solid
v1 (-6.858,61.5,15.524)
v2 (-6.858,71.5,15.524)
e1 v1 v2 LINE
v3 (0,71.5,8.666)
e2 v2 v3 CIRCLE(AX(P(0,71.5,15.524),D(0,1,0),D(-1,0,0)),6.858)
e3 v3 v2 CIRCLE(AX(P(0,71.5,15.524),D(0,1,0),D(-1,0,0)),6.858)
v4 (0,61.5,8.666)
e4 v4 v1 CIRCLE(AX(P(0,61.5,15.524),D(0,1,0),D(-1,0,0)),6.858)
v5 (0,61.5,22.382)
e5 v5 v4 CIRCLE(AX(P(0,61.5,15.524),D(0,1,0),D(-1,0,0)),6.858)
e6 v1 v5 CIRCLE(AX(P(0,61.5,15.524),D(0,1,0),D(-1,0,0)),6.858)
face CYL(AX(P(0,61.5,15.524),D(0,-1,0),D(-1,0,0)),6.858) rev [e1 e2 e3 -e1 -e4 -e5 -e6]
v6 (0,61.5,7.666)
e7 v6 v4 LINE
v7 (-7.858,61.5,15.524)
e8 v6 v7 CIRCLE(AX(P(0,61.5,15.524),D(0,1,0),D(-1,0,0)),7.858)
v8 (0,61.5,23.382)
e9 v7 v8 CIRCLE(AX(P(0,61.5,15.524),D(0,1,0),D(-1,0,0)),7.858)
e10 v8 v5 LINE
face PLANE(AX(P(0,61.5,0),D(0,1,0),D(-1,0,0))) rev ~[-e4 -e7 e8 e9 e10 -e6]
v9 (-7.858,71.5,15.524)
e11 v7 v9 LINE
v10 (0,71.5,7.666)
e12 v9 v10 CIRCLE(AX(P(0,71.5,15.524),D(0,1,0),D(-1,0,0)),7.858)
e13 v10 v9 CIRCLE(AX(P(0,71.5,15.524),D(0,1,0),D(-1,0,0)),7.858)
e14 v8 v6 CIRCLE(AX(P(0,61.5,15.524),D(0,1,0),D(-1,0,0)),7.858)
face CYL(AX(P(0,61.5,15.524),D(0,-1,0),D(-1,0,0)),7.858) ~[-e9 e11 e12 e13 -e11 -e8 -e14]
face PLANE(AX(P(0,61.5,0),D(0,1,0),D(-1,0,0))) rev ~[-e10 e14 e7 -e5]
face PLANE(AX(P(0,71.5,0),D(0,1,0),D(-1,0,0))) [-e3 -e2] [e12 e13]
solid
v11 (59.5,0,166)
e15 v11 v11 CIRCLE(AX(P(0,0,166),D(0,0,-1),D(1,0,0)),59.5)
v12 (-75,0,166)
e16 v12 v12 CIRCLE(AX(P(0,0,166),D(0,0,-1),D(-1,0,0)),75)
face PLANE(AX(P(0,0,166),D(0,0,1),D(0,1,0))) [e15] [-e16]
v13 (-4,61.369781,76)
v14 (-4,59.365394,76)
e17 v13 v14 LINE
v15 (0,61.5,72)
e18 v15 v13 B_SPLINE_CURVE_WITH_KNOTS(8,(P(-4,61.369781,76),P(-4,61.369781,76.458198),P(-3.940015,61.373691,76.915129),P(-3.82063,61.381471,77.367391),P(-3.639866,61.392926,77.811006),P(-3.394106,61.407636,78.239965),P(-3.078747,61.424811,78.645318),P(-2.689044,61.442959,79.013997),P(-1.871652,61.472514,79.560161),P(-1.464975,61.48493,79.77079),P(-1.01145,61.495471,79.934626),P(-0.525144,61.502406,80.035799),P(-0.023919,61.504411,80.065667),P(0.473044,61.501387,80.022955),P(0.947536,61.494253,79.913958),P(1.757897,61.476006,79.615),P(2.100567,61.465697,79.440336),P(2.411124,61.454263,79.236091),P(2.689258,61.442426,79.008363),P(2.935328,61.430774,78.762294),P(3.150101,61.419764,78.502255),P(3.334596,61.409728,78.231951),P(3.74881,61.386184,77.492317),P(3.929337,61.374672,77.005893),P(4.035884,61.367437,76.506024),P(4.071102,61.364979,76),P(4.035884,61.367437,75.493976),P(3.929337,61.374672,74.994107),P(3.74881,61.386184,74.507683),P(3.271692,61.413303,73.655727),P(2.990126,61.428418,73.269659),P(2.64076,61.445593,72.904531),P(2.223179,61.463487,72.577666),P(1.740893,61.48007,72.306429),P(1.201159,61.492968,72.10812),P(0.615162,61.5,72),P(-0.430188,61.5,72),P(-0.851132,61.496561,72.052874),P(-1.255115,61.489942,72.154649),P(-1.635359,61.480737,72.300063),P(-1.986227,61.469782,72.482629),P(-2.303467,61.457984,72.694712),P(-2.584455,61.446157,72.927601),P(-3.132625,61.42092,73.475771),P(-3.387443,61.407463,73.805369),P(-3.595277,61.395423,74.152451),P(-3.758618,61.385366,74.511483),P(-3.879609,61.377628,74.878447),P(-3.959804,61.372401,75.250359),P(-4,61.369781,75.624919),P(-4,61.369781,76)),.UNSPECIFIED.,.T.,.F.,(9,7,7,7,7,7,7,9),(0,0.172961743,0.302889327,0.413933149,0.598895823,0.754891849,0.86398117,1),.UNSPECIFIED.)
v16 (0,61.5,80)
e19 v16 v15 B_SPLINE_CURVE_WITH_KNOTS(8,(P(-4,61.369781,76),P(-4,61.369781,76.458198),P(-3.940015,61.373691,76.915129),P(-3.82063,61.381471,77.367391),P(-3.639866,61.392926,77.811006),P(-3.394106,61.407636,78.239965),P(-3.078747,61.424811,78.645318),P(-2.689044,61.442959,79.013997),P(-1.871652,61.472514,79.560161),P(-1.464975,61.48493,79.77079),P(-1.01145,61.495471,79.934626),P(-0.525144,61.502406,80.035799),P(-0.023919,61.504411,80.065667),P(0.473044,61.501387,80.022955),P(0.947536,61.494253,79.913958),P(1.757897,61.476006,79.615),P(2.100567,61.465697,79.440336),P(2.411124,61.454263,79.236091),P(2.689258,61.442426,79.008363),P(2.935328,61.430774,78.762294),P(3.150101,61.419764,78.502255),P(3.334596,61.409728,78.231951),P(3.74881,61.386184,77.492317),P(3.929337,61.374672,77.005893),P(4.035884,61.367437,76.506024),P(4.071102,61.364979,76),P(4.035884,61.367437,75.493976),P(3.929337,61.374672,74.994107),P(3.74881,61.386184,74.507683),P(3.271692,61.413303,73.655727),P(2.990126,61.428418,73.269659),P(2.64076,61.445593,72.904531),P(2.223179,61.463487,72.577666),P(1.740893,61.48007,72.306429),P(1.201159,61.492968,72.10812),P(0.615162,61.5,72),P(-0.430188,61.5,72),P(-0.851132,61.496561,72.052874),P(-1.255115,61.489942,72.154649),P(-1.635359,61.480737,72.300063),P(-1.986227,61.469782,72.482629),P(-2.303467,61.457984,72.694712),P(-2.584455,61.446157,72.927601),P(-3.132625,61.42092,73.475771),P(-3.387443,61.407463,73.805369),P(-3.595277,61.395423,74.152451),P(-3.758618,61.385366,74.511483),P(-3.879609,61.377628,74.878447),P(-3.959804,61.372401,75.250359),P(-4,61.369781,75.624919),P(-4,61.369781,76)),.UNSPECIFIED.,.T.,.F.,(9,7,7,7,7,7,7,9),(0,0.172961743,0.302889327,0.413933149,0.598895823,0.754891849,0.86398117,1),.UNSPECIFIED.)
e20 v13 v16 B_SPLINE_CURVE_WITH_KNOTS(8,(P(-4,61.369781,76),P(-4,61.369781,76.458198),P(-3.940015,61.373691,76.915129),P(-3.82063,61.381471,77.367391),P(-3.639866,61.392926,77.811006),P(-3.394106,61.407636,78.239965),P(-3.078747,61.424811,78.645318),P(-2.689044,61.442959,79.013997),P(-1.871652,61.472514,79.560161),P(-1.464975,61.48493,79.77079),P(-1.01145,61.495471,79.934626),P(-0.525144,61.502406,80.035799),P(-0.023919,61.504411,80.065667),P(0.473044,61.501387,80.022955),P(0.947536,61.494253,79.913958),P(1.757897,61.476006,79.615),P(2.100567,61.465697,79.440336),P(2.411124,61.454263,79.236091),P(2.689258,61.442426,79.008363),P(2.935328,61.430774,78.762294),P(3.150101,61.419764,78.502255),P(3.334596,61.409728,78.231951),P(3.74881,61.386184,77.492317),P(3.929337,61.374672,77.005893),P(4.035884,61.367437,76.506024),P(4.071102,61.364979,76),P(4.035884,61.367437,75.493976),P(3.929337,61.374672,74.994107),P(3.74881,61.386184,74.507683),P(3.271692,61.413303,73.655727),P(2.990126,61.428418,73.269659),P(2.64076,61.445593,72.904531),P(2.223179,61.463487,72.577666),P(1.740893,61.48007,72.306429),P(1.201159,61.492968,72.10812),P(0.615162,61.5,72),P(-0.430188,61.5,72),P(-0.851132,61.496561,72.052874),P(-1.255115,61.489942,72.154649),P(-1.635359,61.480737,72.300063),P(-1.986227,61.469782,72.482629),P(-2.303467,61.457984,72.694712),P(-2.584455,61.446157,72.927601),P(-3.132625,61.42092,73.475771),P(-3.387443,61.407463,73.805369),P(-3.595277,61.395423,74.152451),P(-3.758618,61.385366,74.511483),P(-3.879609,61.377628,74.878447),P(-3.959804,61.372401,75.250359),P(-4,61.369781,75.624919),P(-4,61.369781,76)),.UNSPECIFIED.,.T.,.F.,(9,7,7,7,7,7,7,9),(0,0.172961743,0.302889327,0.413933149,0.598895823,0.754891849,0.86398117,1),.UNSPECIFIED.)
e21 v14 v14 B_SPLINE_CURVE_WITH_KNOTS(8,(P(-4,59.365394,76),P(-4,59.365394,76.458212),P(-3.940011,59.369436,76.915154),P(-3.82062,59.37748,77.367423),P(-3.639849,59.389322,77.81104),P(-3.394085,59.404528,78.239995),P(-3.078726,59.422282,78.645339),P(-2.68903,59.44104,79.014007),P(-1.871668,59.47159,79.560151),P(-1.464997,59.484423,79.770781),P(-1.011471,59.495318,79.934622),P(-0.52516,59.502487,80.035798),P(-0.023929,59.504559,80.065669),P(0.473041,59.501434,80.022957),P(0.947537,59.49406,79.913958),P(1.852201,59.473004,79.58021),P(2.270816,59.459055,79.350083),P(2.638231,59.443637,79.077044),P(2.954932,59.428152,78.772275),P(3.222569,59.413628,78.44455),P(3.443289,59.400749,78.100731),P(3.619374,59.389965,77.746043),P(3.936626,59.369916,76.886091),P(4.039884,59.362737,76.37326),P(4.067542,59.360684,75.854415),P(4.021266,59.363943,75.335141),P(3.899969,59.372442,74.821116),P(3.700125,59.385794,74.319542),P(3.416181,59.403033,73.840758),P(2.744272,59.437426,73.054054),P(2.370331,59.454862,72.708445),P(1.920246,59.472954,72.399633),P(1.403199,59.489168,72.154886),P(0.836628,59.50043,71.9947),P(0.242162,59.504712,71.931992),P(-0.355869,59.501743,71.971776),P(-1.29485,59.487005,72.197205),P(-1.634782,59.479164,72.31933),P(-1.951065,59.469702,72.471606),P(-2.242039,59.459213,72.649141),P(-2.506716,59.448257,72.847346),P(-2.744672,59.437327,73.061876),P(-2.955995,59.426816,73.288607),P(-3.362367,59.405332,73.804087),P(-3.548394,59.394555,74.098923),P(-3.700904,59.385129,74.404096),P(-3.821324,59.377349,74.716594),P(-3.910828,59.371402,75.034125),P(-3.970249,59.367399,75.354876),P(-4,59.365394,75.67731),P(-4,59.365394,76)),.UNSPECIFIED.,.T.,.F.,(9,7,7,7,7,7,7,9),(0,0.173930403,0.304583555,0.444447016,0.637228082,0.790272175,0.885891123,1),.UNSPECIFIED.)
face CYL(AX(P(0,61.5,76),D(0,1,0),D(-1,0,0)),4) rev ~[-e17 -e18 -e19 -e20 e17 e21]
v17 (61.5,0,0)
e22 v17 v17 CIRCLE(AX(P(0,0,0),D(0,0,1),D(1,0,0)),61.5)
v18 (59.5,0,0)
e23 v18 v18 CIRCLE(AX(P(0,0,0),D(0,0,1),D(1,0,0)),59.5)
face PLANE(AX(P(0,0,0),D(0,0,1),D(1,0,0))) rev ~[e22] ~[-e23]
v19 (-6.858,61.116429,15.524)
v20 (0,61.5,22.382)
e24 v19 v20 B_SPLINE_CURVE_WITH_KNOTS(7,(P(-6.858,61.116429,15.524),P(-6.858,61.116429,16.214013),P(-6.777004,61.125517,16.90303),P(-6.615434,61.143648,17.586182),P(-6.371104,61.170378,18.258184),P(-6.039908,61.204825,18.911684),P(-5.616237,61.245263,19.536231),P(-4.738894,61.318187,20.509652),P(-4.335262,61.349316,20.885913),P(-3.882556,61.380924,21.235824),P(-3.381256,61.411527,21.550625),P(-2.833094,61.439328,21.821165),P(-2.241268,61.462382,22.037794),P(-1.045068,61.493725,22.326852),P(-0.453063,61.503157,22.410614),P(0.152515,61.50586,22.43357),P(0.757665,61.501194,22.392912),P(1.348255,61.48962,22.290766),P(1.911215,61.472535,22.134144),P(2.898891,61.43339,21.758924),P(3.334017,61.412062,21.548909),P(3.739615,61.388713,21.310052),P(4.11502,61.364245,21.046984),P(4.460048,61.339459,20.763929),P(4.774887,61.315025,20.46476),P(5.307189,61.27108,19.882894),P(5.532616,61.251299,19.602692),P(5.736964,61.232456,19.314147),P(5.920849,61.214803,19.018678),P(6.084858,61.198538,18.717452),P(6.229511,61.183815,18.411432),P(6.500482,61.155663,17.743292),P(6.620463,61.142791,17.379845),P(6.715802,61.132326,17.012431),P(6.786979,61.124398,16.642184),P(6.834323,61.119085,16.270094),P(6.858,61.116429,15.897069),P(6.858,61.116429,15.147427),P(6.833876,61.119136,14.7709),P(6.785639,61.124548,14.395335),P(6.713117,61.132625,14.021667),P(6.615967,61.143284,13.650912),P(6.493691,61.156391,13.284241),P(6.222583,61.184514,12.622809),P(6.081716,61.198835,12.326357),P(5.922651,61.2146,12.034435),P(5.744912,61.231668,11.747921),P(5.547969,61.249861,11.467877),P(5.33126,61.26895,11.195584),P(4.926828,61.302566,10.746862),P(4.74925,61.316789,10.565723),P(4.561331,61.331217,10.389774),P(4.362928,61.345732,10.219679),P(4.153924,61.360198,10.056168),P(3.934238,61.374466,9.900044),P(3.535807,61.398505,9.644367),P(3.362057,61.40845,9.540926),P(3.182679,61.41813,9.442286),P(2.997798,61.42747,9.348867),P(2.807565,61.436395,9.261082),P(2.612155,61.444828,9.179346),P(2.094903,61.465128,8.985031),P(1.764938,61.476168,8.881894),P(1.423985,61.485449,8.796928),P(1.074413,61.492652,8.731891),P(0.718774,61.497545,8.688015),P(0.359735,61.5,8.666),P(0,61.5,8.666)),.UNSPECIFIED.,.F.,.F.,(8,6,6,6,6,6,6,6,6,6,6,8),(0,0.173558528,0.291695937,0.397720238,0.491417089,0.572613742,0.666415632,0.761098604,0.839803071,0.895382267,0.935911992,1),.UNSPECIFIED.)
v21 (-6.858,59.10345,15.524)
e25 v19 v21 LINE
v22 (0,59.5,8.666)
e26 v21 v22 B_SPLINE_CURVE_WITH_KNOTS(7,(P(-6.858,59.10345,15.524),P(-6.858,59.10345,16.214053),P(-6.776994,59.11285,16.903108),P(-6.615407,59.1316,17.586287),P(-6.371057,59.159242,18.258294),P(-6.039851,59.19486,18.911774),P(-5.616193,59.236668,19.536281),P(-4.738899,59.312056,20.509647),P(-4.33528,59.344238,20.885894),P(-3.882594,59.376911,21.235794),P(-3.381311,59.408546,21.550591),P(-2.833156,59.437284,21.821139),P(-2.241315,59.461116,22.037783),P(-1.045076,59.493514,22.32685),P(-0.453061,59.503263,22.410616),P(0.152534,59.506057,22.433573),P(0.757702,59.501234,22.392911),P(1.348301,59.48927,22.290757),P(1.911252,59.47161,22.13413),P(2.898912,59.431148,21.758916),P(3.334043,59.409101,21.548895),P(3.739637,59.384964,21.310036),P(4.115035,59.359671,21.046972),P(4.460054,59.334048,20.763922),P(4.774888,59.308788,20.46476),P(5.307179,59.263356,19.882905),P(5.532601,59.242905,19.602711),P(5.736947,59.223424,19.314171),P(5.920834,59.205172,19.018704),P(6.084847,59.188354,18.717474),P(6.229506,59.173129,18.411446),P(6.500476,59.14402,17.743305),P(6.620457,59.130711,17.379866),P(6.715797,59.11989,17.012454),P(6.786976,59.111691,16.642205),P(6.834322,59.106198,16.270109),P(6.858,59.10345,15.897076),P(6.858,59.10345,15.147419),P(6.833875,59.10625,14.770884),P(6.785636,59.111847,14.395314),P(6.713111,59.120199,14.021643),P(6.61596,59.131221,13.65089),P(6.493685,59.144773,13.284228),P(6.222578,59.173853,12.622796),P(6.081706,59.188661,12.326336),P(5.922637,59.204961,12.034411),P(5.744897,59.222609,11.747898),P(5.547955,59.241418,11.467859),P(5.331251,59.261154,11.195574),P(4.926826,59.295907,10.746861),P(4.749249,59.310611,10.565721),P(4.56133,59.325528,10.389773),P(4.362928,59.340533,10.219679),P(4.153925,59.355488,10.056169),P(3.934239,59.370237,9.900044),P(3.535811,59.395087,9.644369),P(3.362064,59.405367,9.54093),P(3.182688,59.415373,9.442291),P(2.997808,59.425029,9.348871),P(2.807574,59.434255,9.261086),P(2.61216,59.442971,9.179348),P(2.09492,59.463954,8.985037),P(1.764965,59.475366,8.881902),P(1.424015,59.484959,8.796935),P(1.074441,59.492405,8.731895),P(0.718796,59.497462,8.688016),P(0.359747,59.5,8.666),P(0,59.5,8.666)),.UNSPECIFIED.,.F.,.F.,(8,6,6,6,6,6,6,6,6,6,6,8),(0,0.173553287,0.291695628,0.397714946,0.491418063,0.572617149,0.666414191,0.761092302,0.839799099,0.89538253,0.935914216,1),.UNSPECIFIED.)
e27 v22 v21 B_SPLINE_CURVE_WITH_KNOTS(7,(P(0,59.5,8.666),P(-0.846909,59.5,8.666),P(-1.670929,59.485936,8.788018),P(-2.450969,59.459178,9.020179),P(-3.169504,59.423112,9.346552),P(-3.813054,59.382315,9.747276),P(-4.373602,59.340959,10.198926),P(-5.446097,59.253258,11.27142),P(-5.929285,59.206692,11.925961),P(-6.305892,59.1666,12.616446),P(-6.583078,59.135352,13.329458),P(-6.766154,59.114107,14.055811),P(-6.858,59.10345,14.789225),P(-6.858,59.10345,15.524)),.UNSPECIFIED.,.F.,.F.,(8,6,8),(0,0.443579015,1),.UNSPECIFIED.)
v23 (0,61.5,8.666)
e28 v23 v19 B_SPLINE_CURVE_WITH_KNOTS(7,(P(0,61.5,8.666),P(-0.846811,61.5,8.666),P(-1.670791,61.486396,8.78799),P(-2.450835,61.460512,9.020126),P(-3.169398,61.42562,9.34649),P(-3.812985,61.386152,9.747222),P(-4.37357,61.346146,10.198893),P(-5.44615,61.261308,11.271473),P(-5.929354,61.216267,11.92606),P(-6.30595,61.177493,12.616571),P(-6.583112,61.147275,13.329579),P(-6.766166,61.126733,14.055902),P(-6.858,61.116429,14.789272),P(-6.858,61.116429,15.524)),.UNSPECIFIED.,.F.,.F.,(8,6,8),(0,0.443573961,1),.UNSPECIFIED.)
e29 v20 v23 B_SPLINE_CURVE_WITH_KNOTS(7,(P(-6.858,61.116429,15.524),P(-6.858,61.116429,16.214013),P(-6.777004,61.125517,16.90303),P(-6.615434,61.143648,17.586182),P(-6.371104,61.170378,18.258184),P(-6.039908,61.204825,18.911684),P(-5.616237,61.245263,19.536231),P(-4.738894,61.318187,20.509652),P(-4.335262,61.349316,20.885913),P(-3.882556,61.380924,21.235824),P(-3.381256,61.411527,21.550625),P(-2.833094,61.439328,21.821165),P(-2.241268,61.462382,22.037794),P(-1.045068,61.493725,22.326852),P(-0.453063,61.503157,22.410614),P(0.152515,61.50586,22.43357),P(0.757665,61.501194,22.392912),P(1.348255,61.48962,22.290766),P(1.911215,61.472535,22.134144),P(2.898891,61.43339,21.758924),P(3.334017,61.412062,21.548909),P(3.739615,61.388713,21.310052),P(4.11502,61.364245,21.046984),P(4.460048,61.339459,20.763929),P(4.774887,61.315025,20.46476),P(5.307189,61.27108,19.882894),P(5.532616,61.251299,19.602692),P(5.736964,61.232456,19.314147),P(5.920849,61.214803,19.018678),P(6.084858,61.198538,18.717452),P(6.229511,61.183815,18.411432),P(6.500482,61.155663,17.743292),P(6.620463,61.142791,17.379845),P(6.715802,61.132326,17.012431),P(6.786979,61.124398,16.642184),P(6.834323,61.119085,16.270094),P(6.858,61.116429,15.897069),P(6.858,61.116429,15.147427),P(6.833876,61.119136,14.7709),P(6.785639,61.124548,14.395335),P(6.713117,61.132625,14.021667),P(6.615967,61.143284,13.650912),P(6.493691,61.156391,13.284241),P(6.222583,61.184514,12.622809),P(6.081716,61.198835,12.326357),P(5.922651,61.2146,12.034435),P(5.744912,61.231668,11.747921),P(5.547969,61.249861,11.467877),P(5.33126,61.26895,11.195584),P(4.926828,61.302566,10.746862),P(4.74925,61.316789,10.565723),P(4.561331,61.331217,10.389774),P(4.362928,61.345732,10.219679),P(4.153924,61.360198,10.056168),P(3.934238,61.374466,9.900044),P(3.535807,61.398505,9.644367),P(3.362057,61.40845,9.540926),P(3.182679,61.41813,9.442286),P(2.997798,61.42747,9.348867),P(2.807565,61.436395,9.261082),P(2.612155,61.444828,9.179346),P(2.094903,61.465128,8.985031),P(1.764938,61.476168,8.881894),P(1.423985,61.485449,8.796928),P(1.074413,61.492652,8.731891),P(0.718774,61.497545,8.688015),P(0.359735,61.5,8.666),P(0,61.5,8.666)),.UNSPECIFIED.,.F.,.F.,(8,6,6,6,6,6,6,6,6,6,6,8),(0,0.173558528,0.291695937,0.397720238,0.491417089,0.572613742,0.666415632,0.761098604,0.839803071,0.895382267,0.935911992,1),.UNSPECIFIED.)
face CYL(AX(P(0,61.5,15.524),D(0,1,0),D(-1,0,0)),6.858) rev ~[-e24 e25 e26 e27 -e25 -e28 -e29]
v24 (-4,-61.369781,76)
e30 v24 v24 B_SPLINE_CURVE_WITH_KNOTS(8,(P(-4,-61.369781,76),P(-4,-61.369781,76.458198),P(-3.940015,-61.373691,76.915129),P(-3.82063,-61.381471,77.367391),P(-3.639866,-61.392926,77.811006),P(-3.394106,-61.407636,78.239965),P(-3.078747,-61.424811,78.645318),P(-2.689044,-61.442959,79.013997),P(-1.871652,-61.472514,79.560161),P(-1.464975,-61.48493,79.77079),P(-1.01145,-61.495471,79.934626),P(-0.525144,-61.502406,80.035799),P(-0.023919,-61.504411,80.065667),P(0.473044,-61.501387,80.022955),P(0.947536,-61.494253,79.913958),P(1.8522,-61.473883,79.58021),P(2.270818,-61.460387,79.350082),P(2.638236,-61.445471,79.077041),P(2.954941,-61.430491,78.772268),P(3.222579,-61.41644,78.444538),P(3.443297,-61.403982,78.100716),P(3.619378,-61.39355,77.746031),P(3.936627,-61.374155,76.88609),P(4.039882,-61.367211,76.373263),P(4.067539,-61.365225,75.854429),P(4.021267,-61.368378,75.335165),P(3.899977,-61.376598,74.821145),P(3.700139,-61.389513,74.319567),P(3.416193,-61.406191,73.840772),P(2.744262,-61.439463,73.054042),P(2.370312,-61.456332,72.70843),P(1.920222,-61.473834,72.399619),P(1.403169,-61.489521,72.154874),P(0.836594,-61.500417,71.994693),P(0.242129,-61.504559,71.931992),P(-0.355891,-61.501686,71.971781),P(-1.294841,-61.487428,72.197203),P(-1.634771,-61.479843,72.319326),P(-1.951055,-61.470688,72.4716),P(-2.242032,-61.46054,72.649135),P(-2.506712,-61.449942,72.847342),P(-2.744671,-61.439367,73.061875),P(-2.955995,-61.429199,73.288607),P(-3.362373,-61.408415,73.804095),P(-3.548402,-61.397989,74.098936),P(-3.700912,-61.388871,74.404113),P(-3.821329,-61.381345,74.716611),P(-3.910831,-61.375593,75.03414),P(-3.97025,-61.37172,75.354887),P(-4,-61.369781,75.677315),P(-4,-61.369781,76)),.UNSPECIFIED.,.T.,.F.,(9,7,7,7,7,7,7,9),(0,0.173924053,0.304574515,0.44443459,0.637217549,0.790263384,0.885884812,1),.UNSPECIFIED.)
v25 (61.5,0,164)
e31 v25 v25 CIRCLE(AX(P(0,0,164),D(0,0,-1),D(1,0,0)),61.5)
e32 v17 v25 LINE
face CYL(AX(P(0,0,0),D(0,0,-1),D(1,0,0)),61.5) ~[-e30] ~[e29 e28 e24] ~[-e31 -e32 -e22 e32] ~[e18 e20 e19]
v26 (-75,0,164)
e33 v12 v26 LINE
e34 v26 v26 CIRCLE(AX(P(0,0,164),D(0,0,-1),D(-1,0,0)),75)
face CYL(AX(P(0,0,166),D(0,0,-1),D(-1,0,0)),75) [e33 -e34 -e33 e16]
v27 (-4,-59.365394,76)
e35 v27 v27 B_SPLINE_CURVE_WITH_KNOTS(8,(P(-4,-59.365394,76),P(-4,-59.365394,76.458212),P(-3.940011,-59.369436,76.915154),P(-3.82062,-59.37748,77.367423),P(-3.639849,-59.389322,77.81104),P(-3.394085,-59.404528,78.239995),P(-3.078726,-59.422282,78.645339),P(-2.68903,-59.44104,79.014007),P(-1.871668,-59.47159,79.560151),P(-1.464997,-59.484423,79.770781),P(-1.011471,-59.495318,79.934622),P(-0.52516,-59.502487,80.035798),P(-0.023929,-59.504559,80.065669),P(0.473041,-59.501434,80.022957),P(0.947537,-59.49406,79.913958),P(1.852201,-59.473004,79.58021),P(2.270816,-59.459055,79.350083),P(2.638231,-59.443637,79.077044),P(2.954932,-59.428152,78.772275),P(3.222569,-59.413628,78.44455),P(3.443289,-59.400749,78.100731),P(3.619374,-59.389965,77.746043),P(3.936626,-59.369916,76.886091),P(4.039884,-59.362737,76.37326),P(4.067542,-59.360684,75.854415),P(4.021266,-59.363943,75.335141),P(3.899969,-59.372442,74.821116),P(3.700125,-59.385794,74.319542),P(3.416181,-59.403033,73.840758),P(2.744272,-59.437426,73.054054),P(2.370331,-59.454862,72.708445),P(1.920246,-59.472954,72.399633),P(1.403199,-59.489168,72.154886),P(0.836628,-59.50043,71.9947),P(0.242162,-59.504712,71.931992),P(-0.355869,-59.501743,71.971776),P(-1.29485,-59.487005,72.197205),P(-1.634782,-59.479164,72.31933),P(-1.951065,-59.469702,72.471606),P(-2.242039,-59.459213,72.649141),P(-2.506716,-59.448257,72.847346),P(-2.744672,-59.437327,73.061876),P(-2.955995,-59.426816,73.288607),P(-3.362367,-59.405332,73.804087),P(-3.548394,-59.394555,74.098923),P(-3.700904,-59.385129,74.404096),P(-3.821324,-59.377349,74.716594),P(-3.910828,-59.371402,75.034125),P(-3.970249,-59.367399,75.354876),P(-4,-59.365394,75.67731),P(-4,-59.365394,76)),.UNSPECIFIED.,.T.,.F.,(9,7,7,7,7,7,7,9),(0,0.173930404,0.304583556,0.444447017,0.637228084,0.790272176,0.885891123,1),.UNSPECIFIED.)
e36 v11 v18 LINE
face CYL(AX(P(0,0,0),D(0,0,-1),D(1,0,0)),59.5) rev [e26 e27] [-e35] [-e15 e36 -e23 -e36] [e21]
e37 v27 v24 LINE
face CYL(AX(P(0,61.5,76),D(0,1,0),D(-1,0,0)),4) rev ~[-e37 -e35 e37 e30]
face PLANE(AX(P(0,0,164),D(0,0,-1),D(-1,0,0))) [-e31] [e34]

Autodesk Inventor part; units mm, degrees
ref_plane "YZ Plane" through (0, 0, 0) normal (1, 0, 0) x (0, 1, 0)
ref_plane "XY Plane" through (0, 0, 0) normal (0, 0, 1) x (1, 0, 0)
sketch "Sketch1" plane through (0, 0, 0) normal (0, 0, 1) x (1, 0, 0)
  circle A0 centre (0, 0) radius 59.5
  circle A1 centre (0, 0) radius 61.5
  dimension "d0" = 119
  dimension "d1" = 123
extrude "Extrusion1" add sketch "Sketch1" along normal blind 331
ref_plane "Work Plane1" through (0, 61.5, 0) normal (0, 1, 0) x (-1, 0, 0)
sketch "Sketch2" plane through (0, 61.5, 0) normal (0, 1, 0) x (-1, 0, 0)
  line L0 (61.5, 0) -> (-61.5, 0) projected
  line L1 (0, 0) -> (0, 4)
  line L2 (0, 4) -> (0, 8.666)
  circle A0 centre (0, 15.524) radius 6.858
  circle A1 centre (0, 15.524) radius 7.858
  dimension "d6" = 4
  dimension "d7" = 4.666
  dimension "d8" = 13.716
  dimension "d9" = 6.858
  dimension "d33" = 15.716
extrude "Extrusion2" cut sketch "Sketch2" against normal blind 23 contours A0
sketch "Sketch3" plane through (0, 61.5, 0) normal (0, 1, 0) x (-1, 0, 0)
  line L0 (0, 0) -> (0, 331) construction
  line L1 (-59.5, 331) -> (59.5, 331) projected
  line L2 (0, 331) -> (0, 323) construction
  circle A0 centre (0, 320.142) radius 6.858
  circle A1 centre (0, 320.142) radius 7.858
  point P0 (0, 327)
  dimension "d12" = 8
  dimension "d13" = 13.716
  dimension "d14" = 6.858
  dimension "d36" = 15.716
extrude "Extrusion3" cut sketch "Sketch3" against normal blind 3 contours A0
thread "Thread1" size "M14x1.25" class "6H" standard "ANSI Metric M Profile" full length
thread "Thread2" size "M14x1.25" class "6H" standard "ANSI Metric M Profile" full length
sketch "Sketch4" plane through (0, 61.5, 0) normal (0, 1, 0) x (-1, 0, 0)
  point P0 (0, 0)
sketch "Sketch5" plane through (0, 61.5, 0) normal (0, 1, 0) x (-1, 0, 0)
  line L0 (0, 0) -> (0, 76) construction
  circle A0 centre (0, 76) radius 4
  dimension "d21" = 76
  dimension "d22" = 8
extrude "Extrusion4" cut sketch "Sketch5" against normal through all
thread "Thread3" size "M8x1.25" class "6H" standard "ANSI Metric M Profile" full length
thread "Thread4" size "M8x1.25" class "6H" standard "ANSI Metric M Profile" full length
sketch "Sketch6" plane through (0, 0, 331) normal (0, 0, 1) x (1, 0, 0)
  circle A0 centre (0, 0) radius 75
  circle A1 centre (0, 0) radius 61.5
  dimension "d29" = 150
  dimension "d30" = 123
extrude "Extrusion5" add sketch "Sketch6" against normal blind 2
extrude "Extrusion6" add sketch "Sketch2" along normal blind 10
extrude "Extrusion7" add sketch "Sketch3" along normal blind 10
ref_plane "Work Plane2" through (0, 0, 166) normal (0, 0, -1) x (-1, 0, 0)
sketch "Sketch7" plane through (0, 0, 166) normal (0, 0, -1) x (-1, 0, 0)
  circle A0 centre (0, 0) radius 75
  circle A1 centre (0, 0) radius 59.5 projected
  circle A2 centre (0, 0) radius 59.5
  dimension "d40" = 150
extrude "Extrusion8" add sketch "Sketch7" along normal blind 2
extrude "Extrusion9" add sketch "Sketch7" against normal blind 2
split "Split4" plane through (0, 0, 166) removes the side toward (0, 0, 1)
properties part number "stainless steel outer wall back" material "Aluminum 6061"
